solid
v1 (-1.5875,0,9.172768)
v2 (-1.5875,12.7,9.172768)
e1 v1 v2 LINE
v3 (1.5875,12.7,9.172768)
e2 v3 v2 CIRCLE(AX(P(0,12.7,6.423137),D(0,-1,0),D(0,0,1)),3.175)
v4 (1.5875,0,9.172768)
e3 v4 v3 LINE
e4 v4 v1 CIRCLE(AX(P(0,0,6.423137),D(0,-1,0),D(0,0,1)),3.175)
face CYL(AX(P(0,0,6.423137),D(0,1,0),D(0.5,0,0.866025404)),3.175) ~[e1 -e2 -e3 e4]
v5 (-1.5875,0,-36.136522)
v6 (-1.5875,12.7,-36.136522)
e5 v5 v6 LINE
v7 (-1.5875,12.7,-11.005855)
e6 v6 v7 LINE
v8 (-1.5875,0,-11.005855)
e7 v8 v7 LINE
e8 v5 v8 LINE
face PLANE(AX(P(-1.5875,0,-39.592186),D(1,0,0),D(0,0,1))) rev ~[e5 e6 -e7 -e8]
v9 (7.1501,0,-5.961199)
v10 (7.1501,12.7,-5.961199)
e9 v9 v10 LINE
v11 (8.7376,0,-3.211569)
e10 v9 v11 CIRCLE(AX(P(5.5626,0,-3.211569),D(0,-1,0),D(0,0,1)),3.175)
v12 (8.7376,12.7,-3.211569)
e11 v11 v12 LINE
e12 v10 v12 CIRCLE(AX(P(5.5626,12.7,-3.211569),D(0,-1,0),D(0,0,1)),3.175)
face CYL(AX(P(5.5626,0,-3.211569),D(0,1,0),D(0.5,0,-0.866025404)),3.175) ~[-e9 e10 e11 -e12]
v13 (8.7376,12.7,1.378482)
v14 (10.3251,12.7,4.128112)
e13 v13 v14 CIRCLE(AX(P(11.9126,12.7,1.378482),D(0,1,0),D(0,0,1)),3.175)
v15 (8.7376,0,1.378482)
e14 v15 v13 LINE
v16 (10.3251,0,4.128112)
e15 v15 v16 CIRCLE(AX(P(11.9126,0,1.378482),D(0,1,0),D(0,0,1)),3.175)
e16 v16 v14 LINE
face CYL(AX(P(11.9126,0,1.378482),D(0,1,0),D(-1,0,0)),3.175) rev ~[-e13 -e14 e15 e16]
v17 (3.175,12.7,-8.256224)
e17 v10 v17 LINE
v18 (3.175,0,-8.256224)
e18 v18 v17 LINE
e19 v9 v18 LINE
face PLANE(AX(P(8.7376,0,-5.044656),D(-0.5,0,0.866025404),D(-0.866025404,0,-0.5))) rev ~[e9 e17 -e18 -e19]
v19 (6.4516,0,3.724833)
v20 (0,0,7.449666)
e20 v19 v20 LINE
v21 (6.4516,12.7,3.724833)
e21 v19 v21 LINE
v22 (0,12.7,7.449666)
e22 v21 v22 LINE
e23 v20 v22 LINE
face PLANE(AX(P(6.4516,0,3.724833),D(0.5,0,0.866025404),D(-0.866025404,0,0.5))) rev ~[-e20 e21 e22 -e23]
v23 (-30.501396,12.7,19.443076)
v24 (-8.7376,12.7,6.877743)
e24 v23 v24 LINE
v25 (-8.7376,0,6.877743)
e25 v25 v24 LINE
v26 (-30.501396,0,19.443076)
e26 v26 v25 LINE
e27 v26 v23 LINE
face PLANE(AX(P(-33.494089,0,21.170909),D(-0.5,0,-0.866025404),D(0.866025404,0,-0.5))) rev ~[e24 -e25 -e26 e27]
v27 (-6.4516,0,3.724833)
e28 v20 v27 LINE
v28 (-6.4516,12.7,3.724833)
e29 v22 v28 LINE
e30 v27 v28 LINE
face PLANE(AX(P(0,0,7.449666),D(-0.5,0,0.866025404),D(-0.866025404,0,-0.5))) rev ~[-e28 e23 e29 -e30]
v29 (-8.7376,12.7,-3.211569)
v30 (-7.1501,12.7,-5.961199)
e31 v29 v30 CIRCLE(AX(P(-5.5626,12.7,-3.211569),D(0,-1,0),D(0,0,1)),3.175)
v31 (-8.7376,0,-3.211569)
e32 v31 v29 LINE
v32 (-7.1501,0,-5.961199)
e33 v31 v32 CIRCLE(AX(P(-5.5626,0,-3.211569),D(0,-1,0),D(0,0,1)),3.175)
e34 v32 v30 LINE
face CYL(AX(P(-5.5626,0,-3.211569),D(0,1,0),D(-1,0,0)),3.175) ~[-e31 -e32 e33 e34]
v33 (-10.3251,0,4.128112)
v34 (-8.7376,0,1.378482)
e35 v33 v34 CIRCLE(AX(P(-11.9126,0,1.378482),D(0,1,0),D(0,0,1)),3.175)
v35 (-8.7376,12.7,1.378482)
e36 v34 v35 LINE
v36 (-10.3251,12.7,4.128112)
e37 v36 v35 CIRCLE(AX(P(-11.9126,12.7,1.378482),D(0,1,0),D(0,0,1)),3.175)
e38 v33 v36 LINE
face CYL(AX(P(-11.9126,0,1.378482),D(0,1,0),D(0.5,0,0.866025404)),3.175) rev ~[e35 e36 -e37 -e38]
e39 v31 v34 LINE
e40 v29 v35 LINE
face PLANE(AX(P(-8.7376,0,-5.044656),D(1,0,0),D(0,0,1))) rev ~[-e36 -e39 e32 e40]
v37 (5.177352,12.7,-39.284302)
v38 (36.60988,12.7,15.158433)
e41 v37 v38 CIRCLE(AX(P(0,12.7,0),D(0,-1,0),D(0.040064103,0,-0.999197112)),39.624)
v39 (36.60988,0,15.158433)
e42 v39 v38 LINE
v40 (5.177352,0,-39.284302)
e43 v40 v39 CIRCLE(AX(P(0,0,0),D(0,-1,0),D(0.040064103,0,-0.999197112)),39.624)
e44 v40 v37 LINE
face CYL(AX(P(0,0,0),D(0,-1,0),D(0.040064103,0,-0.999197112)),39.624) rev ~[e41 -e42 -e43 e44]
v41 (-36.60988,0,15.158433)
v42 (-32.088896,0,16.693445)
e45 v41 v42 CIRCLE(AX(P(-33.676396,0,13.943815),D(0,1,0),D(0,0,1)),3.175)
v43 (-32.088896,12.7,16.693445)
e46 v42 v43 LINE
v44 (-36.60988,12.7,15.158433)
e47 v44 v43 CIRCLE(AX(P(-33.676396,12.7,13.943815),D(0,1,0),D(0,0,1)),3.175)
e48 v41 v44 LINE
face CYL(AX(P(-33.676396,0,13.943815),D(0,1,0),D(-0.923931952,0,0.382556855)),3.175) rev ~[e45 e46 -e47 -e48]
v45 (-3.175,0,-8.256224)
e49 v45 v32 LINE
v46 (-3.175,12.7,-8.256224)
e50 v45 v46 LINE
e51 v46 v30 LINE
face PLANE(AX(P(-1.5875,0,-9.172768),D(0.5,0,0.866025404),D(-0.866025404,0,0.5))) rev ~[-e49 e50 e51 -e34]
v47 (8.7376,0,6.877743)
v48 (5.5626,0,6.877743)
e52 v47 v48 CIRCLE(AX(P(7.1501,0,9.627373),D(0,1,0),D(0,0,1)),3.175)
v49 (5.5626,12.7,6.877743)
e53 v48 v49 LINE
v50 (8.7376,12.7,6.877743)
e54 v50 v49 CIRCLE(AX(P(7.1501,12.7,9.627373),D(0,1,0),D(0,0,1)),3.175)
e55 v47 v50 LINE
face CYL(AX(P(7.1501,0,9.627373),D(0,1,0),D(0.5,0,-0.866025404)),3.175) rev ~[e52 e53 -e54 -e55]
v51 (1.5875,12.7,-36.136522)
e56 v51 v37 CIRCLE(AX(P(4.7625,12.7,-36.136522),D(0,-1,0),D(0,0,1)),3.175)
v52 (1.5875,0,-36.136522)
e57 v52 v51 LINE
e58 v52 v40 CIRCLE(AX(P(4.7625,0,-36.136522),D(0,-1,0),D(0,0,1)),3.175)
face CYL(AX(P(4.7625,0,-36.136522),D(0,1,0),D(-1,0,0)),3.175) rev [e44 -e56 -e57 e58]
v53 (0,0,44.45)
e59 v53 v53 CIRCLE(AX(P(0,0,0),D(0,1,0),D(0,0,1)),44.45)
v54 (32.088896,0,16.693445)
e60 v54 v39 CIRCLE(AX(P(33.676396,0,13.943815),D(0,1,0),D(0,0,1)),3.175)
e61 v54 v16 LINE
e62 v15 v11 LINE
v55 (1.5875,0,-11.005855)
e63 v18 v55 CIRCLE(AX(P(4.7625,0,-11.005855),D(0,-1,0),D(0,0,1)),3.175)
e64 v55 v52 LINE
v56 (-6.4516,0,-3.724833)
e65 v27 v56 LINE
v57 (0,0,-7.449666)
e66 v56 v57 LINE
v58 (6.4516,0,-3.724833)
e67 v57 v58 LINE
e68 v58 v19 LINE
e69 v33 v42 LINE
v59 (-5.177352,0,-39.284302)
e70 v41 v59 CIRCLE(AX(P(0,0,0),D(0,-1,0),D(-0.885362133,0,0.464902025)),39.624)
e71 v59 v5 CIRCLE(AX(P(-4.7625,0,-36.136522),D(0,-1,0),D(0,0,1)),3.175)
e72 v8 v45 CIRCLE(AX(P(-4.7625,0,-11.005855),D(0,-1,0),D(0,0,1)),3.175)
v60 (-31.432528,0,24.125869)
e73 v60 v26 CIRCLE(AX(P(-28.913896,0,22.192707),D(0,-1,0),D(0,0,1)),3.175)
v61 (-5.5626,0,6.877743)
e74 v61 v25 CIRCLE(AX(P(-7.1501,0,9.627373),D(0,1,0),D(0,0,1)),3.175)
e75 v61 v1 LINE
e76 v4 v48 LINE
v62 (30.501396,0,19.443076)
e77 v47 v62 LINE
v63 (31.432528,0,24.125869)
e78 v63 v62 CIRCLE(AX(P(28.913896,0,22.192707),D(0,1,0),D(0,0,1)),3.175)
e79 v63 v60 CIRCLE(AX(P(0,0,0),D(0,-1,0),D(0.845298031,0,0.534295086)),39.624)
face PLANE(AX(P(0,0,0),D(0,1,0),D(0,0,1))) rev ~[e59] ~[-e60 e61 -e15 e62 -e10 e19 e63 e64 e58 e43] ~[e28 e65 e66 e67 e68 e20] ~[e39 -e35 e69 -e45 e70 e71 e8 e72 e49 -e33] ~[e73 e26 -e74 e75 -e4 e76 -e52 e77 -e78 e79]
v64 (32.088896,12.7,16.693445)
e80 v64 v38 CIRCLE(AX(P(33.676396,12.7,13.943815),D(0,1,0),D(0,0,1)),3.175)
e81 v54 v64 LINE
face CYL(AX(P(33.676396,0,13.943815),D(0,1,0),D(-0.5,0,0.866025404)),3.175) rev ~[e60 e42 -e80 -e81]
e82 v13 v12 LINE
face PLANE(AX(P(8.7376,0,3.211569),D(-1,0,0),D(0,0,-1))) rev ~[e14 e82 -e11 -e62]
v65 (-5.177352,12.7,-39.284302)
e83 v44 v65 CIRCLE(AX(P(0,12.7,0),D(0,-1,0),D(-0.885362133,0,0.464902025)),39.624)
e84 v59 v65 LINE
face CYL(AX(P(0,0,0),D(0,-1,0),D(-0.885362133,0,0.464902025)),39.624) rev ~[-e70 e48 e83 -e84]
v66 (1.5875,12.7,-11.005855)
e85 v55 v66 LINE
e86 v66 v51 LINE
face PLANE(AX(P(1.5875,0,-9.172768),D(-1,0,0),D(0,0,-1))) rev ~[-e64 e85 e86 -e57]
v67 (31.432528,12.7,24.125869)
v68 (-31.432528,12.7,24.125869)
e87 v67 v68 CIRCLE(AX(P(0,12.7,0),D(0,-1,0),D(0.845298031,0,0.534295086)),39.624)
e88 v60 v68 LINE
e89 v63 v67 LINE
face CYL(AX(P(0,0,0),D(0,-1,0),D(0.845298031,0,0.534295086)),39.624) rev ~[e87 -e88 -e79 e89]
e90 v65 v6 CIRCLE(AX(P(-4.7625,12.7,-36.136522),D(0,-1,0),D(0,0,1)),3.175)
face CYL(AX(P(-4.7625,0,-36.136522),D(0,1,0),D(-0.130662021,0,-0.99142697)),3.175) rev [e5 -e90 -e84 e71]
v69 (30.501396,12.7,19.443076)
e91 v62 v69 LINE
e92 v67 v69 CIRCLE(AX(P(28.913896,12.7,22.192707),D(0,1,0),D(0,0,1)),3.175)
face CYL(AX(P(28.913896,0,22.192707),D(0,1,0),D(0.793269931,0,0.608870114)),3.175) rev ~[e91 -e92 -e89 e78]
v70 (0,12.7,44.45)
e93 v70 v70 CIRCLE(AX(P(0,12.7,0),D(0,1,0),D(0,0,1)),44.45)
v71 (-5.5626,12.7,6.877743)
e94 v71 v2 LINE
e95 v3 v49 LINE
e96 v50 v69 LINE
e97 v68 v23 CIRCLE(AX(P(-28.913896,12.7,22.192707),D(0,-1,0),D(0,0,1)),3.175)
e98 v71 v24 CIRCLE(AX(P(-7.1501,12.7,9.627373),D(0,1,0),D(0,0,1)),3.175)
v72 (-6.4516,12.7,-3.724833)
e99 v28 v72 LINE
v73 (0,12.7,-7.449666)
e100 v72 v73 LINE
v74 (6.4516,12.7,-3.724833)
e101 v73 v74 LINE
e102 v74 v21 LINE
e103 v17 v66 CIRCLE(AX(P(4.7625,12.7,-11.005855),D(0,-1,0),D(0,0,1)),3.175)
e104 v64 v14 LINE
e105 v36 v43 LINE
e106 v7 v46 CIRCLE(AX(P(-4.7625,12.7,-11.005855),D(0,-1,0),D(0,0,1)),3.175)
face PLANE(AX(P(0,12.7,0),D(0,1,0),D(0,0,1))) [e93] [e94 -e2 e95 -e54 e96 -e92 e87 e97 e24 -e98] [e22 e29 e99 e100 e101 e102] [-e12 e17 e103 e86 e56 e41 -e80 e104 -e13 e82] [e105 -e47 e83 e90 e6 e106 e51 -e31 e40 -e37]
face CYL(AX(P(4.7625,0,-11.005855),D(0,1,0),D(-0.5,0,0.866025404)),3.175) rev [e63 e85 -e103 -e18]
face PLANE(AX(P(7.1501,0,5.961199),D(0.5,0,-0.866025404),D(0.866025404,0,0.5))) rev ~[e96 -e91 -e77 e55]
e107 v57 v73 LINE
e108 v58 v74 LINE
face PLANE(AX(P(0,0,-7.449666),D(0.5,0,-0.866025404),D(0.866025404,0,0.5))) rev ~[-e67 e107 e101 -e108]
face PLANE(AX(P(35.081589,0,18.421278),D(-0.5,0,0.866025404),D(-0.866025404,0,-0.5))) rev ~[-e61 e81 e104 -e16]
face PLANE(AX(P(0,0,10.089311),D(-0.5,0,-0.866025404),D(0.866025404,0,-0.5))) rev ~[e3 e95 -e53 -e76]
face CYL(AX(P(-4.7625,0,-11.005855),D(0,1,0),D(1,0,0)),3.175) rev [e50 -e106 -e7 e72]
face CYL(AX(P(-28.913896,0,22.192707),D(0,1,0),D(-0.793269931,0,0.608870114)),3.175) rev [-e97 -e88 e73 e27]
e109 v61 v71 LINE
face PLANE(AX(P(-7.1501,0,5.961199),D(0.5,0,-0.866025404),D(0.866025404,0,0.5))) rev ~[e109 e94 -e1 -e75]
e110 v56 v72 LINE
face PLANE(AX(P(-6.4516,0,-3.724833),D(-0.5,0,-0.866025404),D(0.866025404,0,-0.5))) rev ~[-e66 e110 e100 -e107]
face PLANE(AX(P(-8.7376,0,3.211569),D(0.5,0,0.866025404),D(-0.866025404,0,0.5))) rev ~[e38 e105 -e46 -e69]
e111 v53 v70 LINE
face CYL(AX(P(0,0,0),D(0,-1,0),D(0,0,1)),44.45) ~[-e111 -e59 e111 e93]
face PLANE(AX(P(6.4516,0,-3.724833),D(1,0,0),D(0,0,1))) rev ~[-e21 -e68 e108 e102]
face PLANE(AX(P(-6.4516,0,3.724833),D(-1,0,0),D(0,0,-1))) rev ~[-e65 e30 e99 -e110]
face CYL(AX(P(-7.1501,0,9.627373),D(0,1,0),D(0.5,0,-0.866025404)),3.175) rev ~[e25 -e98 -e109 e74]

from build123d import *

# Parameters (mm, degrees)
SKETCH1_R           = 44.45
BOSS_EXTRUDE1_DEPTH = 12.7
FILLET1_R           = 3.175


with BuildPart() as part:
    # Sketch1 → Boss-Extrude1 (new body)
    with BuildSketch(Plane(origin=(0, 0, 0), x_dir=(1, 0, 0), z_dir=(0, 1, 0))):
        with Locations(Location((0, 0, 0), (0, 0, 270))):
            Circle(SKETCH1_R)
        Polygon((-6.4516, 3.724832997), (0, 7.449665993), (6.4516, 3.724832997), (6.4516, -3.724832997), (0, -7.449665993), (-6.4516, -3.724832997), align=None, mode=Mode.SUBTRACT)
        with BuildLine():
            Line((1.5875, 9.172767872), (1.5875, 39.592186347))
            ThreePointArc((1.5875, 39.592186347), (34.3153906, 19.812), (35.081589168, -18.421277845))
            Line((35.081589168, -18.421277845), (8.7376, -3.211568607))
            Line((8.7376, -3.211568607), (8.7376, 5.044655712))
            Line((8.7376, 5.044655712), (1.5875, 9.172767872))
        make_face(mode=Mode.SUBTRACT)
        with BuildLine():
            Line((-1.5875, 39.592186347), (-1.5875, 9.172767872))
            Line((-1.5875, 9.172767872), (-8.7376, 5.044655712))
            Line((-8.7376, 5.044655712), (-8.7376, -3.211568607))
            Line((-8.7376, -3.211568607), (-35.081589168, -18.421277845))
            ThreePointArc((-35.081589168, -18.421277845), (-34.3153906, 19.812), (-1.5875, 39.592186347))
        make_face(mode=Mode.SUBTRACT)
        with BuildLine():
            Line((-33.494089168, -21.170908502), (-7.1501, -5.961199264))
            Line((-7.1501, -5.961199264), (0, -10.089311424))
            Line((0, -10.089311424), (7.1501, -5.961199264))
            Line((7.1501, -5.961199264), (33.494089168, -21.170908502))
            ThreePointArc((33.494089168, -21.170908502), (0, -39.624), (-33.494089168, -21.170908502))
        make_face(mode=Mode.SUBTRACT)
    extrude(amount=BOSS_EXTRUDE1_DEPTH)

    # Fillet1
    fillet1_edges = [part.edges().sort_by_distance(p)[0] for p in [
        (-8.7376, 6.35, -5.044655712),
        (-1.5875, 6.35, -9.172767872),
        (-1.5875, 6.35, -39.592186347),
        (-35.081589168, 6.35, 18.421277845),
        (-8.7376, 6.35, 3.211568607),
        (35.081589168, 6.35, 18.421277845),
        (1.5875, 6.35, -39.592186347),
        (1.5875, 6.35, -9.172767872),
        (8.7376, 6.35, -5.044655712),
        (8.7376, 6.35, 3.211568607),
        (-33.494089168, 6.35, 21.170908502),
        (33.494089168, 6.35, 21.170908502),
        (7.1501, 6.35, 5.961199264),
        (0, 6.35, 10.089311424),
        (-7.1501, 6.35, 5.961199264),
    ]]
    fillet(fillet1_edges, radius=FILLET1_R)


solid = part.part
